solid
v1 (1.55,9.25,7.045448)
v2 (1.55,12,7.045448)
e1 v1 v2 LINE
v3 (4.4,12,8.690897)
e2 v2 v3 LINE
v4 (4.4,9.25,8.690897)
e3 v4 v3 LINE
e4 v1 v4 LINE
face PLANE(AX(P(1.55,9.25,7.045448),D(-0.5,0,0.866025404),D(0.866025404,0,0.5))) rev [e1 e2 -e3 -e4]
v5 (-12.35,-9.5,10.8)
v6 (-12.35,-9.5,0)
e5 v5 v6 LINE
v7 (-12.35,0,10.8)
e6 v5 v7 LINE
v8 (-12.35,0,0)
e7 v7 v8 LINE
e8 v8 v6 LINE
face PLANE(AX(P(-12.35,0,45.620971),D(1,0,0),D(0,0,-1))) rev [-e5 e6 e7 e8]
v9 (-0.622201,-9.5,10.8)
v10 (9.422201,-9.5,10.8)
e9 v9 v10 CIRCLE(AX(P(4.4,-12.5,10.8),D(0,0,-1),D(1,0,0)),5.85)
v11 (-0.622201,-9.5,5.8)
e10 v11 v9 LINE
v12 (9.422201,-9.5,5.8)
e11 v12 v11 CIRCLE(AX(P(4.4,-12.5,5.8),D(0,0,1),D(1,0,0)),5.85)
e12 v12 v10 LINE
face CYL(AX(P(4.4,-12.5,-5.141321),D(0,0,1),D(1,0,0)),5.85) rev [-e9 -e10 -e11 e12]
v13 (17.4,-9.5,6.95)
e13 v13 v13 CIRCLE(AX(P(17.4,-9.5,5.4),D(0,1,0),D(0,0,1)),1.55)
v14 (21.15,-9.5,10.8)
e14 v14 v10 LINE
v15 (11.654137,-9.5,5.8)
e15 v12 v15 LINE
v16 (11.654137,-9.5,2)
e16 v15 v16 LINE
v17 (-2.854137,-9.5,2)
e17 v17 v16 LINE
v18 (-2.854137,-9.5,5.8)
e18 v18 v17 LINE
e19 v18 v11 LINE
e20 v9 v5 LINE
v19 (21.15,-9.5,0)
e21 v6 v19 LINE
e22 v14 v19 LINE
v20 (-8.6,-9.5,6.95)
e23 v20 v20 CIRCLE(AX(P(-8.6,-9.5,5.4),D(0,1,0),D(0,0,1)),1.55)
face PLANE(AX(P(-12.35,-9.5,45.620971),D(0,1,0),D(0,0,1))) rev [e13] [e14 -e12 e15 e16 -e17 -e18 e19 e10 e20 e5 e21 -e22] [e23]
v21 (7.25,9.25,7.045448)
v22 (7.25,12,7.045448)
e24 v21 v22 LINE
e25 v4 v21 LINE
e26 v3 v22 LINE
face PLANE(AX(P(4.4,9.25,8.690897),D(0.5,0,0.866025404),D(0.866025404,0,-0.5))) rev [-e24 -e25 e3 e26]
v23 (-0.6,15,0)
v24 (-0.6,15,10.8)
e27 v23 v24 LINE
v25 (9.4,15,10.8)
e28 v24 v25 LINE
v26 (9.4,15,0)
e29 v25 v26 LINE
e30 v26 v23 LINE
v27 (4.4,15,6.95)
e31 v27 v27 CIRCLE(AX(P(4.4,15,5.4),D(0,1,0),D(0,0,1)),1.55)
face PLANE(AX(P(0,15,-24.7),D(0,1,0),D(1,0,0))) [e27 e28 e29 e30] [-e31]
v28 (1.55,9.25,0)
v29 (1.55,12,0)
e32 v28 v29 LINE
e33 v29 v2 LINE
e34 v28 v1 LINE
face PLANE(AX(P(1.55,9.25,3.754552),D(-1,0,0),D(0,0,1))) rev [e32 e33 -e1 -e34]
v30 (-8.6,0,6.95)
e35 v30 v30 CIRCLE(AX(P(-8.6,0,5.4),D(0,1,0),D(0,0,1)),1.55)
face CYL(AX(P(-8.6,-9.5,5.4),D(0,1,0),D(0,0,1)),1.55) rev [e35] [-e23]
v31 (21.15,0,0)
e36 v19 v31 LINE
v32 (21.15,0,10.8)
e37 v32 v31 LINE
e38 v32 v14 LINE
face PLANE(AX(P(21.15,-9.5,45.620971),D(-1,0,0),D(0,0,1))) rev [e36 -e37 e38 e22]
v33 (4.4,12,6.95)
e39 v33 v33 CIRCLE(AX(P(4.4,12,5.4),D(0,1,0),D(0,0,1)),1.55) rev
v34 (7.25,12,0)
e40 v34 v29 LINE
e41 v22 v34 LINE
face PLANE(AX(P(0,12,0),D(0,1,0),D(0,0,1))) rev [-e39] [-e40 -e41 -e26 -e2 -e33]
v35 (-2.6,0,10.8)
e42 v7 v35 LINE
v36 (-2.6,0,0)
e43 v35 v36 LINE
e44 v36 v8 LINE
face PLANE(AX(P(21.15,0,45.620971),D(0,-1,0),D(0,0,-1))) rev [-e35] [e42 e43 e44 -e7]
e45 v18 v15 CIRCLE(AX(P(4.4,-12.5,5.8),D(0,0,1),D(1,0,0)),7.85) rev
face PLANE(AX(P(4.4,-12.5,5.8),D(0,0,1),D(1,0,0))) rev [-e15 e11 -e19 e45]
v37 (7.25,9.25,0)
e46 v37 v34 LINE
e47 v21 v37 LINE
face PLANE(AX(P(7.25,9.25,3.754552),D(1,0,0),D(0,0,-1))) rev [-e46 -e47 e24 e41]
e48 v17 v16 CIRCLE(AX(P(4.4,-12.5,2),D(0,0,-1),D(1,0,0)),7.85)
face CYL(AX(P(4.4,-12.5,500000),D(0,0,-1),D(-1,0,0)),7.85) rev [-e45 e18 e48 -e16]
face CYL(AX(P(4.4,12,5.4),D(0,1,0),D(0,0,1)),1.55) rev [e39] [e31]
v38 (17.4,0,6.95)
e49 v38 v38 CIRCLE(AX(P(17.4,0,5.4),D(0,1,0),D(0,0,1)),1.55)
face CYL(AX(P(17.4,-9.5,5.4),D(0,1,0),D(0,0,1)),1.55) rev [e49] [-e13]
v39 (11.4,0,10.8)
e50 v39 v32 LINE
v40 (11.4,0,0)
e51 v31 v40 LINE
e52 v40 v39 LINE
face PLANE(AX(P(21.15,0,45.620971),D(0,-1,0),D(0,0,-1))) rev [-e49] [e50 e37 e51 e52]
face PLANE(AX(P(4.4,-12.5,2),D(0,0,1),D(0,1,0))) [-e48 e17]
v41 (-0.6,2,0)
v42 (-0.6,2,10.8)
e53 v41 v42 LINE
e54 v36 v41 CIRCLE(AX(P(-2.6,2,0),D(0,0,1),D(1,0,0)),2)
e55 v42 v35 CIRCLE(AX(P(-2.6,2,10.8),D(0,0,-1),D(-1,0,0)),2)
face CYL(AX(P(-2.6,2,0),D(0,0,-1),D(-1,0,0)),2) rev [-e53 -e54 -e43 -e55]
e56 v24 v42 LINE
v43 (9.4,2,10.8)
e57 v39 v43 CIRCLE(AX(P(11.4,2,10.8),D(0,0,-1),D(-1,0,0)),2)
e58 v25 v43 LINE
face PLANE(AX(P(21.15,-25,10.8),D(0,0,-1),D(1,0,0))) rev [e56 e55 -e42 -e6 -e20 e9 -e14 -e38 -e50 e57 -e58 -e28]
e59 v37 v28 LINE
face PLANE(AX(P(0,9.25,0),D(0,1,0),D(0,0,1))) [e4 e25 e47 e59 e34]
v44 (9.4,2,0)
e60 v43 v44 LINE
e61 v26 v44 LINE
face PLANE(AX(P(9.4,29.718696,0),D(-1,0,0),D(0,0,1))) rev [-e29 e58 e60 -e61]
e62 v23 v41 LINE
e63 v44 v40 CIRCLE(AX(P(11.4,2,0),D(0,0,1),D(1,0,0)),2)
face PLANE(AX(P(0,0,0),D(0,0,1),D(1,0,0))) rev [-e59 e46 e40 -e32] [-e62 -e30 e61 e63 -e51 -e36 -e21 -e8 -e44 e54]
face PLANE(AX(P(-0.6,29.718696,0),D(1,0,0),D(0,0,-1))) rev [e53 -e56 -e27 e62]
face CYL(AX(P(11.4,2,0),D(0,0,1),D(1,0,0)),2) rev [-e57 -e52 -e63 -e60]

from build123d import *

# Parameters (mm, degrees)
SKETCH1_W           = 33.5
SKETCH1_H           = 9.5
BOSS_EXTRUDE1_DEPTH = 10.8
CUT_EXTRUDE1_START  = -5
SKETCH2_R           = 6.05
CUT_EXTRUDE1_DEPTH  = 5
CUT_EXTRUDE2_START  = -3.8
SKETCH4_R           = 8.05
CUT_EXTRUDE2_DEPTH  = 3.8
SKETCH5_R           = 1.55
CUT_EXTRUDE3_DEPTH  = 10.5
SKETCH6_W           = 10
SKETCH6_H           = 10.8
BOSS_EXTRUDE2_DEPTH = 15
SKETCH7_R           = 1.55
CUT_EXTRUDE4_DEPTH  = 3
CUT_EXTRUDE5_DEPTH  = 2.75
FILLET1_R           = 2
BOSS_EXTRUDE3_DEPTH = 5
BOSS_EXTRUDE4_REACH = 10.8


with BuildPart() as part:
    # Sketch1 → Boss-Extrude1 (new body)
    with BuildSketch(Plane.XY):
        with Locations((4.4, -4.75)):
            Rectangle(SKETCH1_W, SKETCH1_H)
    extrude(amount=BOSS_EXTRUDE1_DEPTH)

    # Sketch2 → Cut-Extrude1 (cut)
    with BuildSketch(Plane.XY.offset(10.8).offset(CUT_EXTRUDE1_START)):
        with Locations((4.4, -12.5)):
            Circle(SKETCH2_R)
    extrude(amount=CUT_EXTRUDE1_DEPTH, mode=Mode.SUBTRACT)

    # Sketch4 → Cut-Extrude2 (cut)
    with BuildSketch(Plane.XY.offset(5.8).offset(CUT_EXTRUDE2_START)):
        with Locations((4.4, -12.5)):
            Circle(SKETCH4_R)
    extrude(amount=CUT_EXTRUDE2_DEPTH, mode=Mode.SUBTRACT)

    # Sketch5 → Cut-Extrude3 (cut, through all)
    with BuildSketch(Plane(origin=(0, 0, 0), x_dir=(1, 0, 0), z_dir=(0, 1, 0))):
        with Locations((17.4, -5.4)):
            Circle(SKETCH5_R)
        with Locations((-8.6, -5.4)):
            Circle(SKETCH5_R)
    extrude(amount=-CUT_EXTRUDE3_DEPTH, mode=Mode.SUBTRACT)

    # Sketch6 → Boss-Extrude2 (add)
    with BuildSketch(Plane(origin=(0, 0, 0), x_dir=(1, 0, 0), z_dir=(0, 1, 0))):
        with Locations((4.4, -5.4)):
            Rectangle(SKETCH6_W, SKETCH6_H)
    extrude(amount=BOSS_EXTRUDE2_DEPTH)

    # Sketch7 → Cut-Extrude4 (cut)
    with BuildSketch(Plane(origin=(0, 15, 0), x_dir=(1, 0, 0), z_dir=(0, 1, 0))):
        with Locations((4.4, -5.4)):
            Circle(SKETCH7_R)
    extrude(amount=-CUT_EXTRUDE4_DEPTH, mode=Mode.SUBTRACT)

    # Sketch8 → Cut-Extrude5 (cut)
    with BuildSketch(Plane(origin=(0, 12, 0), x_dir=(1, 0, 0), z_dir=(0, 1, 0))):
        Polygon((1.55, 0), (7.25, 0), (7.25, -3.754551733), (7.25, -7.045448267), (4.4, -8.690896534), (1.55, -7.045448267), (1.55, -3.754551733), align=None)
    extrude(amount=-CUT_EXTRUDE5_DEPTH, mode=Mode.SUBTRACT)

    # Fillet1
    fillet1_edges = [part.edges().sort_by_distance(p)[0] for p in [
        (9.4, 0, 5.4),
        (-0.6, 0, 5.4),
    ]]
    fillet(fillet1_edges, radius=FILLET1_R)

    # Sketch9 → Boss-Extrude3 (add)
    with BuildSketch(Plane.XY.offset(10.8)):
        with BuildLine():
            Line((9.653808143, -9.5), (9.422200713, -9.5))
            ThreePointArc((9.422200713, -9.5), (4.4, -6.65), (-0.622200713, -9.5))
            Line((-0.622200713, -9.5), (-0.853808143, -9.5))
            ThreePointArc((-0.853808143, -9.5), (4.4, -6.45), (9.653808143, -9.5))
        make_face()
    extrude(amount=-BOSS_EXTRUDE3_DEPTH)

    # Sketch10 → Boss-Extrude4 (add, up to next)
    with BuildSketch(Plane.XY.offset(2), mode=Mode.PRIVATE) as boss_extrude4_sk1:
        with BuildLine():
            Line((11.870107094, -9.5), (11.654136751, -9.5))
            ThreePointArc((11.654136751, -9.5), (4.4, -4.65), (-2.854136751, -9.5))
            Line((-2.854136751, -9.5), (-3.070107094, -9.5))
            ThreePointArc((-3.070107094, -9.5), (4.4, -4.45), (11.870107094, -9.5))
        make_face()
    boss_extrude4_tool1 = extrude(boss_extrude4_sk1.sketch, amount=BOSS_EXTRUDE4_REACH, mode=Mode.PRIVATE) - part.part
    add(boss_extrude4_tool1.solids().sort_by_distance((11.762122, -9.342294, 2))[0])


solid = part.part
